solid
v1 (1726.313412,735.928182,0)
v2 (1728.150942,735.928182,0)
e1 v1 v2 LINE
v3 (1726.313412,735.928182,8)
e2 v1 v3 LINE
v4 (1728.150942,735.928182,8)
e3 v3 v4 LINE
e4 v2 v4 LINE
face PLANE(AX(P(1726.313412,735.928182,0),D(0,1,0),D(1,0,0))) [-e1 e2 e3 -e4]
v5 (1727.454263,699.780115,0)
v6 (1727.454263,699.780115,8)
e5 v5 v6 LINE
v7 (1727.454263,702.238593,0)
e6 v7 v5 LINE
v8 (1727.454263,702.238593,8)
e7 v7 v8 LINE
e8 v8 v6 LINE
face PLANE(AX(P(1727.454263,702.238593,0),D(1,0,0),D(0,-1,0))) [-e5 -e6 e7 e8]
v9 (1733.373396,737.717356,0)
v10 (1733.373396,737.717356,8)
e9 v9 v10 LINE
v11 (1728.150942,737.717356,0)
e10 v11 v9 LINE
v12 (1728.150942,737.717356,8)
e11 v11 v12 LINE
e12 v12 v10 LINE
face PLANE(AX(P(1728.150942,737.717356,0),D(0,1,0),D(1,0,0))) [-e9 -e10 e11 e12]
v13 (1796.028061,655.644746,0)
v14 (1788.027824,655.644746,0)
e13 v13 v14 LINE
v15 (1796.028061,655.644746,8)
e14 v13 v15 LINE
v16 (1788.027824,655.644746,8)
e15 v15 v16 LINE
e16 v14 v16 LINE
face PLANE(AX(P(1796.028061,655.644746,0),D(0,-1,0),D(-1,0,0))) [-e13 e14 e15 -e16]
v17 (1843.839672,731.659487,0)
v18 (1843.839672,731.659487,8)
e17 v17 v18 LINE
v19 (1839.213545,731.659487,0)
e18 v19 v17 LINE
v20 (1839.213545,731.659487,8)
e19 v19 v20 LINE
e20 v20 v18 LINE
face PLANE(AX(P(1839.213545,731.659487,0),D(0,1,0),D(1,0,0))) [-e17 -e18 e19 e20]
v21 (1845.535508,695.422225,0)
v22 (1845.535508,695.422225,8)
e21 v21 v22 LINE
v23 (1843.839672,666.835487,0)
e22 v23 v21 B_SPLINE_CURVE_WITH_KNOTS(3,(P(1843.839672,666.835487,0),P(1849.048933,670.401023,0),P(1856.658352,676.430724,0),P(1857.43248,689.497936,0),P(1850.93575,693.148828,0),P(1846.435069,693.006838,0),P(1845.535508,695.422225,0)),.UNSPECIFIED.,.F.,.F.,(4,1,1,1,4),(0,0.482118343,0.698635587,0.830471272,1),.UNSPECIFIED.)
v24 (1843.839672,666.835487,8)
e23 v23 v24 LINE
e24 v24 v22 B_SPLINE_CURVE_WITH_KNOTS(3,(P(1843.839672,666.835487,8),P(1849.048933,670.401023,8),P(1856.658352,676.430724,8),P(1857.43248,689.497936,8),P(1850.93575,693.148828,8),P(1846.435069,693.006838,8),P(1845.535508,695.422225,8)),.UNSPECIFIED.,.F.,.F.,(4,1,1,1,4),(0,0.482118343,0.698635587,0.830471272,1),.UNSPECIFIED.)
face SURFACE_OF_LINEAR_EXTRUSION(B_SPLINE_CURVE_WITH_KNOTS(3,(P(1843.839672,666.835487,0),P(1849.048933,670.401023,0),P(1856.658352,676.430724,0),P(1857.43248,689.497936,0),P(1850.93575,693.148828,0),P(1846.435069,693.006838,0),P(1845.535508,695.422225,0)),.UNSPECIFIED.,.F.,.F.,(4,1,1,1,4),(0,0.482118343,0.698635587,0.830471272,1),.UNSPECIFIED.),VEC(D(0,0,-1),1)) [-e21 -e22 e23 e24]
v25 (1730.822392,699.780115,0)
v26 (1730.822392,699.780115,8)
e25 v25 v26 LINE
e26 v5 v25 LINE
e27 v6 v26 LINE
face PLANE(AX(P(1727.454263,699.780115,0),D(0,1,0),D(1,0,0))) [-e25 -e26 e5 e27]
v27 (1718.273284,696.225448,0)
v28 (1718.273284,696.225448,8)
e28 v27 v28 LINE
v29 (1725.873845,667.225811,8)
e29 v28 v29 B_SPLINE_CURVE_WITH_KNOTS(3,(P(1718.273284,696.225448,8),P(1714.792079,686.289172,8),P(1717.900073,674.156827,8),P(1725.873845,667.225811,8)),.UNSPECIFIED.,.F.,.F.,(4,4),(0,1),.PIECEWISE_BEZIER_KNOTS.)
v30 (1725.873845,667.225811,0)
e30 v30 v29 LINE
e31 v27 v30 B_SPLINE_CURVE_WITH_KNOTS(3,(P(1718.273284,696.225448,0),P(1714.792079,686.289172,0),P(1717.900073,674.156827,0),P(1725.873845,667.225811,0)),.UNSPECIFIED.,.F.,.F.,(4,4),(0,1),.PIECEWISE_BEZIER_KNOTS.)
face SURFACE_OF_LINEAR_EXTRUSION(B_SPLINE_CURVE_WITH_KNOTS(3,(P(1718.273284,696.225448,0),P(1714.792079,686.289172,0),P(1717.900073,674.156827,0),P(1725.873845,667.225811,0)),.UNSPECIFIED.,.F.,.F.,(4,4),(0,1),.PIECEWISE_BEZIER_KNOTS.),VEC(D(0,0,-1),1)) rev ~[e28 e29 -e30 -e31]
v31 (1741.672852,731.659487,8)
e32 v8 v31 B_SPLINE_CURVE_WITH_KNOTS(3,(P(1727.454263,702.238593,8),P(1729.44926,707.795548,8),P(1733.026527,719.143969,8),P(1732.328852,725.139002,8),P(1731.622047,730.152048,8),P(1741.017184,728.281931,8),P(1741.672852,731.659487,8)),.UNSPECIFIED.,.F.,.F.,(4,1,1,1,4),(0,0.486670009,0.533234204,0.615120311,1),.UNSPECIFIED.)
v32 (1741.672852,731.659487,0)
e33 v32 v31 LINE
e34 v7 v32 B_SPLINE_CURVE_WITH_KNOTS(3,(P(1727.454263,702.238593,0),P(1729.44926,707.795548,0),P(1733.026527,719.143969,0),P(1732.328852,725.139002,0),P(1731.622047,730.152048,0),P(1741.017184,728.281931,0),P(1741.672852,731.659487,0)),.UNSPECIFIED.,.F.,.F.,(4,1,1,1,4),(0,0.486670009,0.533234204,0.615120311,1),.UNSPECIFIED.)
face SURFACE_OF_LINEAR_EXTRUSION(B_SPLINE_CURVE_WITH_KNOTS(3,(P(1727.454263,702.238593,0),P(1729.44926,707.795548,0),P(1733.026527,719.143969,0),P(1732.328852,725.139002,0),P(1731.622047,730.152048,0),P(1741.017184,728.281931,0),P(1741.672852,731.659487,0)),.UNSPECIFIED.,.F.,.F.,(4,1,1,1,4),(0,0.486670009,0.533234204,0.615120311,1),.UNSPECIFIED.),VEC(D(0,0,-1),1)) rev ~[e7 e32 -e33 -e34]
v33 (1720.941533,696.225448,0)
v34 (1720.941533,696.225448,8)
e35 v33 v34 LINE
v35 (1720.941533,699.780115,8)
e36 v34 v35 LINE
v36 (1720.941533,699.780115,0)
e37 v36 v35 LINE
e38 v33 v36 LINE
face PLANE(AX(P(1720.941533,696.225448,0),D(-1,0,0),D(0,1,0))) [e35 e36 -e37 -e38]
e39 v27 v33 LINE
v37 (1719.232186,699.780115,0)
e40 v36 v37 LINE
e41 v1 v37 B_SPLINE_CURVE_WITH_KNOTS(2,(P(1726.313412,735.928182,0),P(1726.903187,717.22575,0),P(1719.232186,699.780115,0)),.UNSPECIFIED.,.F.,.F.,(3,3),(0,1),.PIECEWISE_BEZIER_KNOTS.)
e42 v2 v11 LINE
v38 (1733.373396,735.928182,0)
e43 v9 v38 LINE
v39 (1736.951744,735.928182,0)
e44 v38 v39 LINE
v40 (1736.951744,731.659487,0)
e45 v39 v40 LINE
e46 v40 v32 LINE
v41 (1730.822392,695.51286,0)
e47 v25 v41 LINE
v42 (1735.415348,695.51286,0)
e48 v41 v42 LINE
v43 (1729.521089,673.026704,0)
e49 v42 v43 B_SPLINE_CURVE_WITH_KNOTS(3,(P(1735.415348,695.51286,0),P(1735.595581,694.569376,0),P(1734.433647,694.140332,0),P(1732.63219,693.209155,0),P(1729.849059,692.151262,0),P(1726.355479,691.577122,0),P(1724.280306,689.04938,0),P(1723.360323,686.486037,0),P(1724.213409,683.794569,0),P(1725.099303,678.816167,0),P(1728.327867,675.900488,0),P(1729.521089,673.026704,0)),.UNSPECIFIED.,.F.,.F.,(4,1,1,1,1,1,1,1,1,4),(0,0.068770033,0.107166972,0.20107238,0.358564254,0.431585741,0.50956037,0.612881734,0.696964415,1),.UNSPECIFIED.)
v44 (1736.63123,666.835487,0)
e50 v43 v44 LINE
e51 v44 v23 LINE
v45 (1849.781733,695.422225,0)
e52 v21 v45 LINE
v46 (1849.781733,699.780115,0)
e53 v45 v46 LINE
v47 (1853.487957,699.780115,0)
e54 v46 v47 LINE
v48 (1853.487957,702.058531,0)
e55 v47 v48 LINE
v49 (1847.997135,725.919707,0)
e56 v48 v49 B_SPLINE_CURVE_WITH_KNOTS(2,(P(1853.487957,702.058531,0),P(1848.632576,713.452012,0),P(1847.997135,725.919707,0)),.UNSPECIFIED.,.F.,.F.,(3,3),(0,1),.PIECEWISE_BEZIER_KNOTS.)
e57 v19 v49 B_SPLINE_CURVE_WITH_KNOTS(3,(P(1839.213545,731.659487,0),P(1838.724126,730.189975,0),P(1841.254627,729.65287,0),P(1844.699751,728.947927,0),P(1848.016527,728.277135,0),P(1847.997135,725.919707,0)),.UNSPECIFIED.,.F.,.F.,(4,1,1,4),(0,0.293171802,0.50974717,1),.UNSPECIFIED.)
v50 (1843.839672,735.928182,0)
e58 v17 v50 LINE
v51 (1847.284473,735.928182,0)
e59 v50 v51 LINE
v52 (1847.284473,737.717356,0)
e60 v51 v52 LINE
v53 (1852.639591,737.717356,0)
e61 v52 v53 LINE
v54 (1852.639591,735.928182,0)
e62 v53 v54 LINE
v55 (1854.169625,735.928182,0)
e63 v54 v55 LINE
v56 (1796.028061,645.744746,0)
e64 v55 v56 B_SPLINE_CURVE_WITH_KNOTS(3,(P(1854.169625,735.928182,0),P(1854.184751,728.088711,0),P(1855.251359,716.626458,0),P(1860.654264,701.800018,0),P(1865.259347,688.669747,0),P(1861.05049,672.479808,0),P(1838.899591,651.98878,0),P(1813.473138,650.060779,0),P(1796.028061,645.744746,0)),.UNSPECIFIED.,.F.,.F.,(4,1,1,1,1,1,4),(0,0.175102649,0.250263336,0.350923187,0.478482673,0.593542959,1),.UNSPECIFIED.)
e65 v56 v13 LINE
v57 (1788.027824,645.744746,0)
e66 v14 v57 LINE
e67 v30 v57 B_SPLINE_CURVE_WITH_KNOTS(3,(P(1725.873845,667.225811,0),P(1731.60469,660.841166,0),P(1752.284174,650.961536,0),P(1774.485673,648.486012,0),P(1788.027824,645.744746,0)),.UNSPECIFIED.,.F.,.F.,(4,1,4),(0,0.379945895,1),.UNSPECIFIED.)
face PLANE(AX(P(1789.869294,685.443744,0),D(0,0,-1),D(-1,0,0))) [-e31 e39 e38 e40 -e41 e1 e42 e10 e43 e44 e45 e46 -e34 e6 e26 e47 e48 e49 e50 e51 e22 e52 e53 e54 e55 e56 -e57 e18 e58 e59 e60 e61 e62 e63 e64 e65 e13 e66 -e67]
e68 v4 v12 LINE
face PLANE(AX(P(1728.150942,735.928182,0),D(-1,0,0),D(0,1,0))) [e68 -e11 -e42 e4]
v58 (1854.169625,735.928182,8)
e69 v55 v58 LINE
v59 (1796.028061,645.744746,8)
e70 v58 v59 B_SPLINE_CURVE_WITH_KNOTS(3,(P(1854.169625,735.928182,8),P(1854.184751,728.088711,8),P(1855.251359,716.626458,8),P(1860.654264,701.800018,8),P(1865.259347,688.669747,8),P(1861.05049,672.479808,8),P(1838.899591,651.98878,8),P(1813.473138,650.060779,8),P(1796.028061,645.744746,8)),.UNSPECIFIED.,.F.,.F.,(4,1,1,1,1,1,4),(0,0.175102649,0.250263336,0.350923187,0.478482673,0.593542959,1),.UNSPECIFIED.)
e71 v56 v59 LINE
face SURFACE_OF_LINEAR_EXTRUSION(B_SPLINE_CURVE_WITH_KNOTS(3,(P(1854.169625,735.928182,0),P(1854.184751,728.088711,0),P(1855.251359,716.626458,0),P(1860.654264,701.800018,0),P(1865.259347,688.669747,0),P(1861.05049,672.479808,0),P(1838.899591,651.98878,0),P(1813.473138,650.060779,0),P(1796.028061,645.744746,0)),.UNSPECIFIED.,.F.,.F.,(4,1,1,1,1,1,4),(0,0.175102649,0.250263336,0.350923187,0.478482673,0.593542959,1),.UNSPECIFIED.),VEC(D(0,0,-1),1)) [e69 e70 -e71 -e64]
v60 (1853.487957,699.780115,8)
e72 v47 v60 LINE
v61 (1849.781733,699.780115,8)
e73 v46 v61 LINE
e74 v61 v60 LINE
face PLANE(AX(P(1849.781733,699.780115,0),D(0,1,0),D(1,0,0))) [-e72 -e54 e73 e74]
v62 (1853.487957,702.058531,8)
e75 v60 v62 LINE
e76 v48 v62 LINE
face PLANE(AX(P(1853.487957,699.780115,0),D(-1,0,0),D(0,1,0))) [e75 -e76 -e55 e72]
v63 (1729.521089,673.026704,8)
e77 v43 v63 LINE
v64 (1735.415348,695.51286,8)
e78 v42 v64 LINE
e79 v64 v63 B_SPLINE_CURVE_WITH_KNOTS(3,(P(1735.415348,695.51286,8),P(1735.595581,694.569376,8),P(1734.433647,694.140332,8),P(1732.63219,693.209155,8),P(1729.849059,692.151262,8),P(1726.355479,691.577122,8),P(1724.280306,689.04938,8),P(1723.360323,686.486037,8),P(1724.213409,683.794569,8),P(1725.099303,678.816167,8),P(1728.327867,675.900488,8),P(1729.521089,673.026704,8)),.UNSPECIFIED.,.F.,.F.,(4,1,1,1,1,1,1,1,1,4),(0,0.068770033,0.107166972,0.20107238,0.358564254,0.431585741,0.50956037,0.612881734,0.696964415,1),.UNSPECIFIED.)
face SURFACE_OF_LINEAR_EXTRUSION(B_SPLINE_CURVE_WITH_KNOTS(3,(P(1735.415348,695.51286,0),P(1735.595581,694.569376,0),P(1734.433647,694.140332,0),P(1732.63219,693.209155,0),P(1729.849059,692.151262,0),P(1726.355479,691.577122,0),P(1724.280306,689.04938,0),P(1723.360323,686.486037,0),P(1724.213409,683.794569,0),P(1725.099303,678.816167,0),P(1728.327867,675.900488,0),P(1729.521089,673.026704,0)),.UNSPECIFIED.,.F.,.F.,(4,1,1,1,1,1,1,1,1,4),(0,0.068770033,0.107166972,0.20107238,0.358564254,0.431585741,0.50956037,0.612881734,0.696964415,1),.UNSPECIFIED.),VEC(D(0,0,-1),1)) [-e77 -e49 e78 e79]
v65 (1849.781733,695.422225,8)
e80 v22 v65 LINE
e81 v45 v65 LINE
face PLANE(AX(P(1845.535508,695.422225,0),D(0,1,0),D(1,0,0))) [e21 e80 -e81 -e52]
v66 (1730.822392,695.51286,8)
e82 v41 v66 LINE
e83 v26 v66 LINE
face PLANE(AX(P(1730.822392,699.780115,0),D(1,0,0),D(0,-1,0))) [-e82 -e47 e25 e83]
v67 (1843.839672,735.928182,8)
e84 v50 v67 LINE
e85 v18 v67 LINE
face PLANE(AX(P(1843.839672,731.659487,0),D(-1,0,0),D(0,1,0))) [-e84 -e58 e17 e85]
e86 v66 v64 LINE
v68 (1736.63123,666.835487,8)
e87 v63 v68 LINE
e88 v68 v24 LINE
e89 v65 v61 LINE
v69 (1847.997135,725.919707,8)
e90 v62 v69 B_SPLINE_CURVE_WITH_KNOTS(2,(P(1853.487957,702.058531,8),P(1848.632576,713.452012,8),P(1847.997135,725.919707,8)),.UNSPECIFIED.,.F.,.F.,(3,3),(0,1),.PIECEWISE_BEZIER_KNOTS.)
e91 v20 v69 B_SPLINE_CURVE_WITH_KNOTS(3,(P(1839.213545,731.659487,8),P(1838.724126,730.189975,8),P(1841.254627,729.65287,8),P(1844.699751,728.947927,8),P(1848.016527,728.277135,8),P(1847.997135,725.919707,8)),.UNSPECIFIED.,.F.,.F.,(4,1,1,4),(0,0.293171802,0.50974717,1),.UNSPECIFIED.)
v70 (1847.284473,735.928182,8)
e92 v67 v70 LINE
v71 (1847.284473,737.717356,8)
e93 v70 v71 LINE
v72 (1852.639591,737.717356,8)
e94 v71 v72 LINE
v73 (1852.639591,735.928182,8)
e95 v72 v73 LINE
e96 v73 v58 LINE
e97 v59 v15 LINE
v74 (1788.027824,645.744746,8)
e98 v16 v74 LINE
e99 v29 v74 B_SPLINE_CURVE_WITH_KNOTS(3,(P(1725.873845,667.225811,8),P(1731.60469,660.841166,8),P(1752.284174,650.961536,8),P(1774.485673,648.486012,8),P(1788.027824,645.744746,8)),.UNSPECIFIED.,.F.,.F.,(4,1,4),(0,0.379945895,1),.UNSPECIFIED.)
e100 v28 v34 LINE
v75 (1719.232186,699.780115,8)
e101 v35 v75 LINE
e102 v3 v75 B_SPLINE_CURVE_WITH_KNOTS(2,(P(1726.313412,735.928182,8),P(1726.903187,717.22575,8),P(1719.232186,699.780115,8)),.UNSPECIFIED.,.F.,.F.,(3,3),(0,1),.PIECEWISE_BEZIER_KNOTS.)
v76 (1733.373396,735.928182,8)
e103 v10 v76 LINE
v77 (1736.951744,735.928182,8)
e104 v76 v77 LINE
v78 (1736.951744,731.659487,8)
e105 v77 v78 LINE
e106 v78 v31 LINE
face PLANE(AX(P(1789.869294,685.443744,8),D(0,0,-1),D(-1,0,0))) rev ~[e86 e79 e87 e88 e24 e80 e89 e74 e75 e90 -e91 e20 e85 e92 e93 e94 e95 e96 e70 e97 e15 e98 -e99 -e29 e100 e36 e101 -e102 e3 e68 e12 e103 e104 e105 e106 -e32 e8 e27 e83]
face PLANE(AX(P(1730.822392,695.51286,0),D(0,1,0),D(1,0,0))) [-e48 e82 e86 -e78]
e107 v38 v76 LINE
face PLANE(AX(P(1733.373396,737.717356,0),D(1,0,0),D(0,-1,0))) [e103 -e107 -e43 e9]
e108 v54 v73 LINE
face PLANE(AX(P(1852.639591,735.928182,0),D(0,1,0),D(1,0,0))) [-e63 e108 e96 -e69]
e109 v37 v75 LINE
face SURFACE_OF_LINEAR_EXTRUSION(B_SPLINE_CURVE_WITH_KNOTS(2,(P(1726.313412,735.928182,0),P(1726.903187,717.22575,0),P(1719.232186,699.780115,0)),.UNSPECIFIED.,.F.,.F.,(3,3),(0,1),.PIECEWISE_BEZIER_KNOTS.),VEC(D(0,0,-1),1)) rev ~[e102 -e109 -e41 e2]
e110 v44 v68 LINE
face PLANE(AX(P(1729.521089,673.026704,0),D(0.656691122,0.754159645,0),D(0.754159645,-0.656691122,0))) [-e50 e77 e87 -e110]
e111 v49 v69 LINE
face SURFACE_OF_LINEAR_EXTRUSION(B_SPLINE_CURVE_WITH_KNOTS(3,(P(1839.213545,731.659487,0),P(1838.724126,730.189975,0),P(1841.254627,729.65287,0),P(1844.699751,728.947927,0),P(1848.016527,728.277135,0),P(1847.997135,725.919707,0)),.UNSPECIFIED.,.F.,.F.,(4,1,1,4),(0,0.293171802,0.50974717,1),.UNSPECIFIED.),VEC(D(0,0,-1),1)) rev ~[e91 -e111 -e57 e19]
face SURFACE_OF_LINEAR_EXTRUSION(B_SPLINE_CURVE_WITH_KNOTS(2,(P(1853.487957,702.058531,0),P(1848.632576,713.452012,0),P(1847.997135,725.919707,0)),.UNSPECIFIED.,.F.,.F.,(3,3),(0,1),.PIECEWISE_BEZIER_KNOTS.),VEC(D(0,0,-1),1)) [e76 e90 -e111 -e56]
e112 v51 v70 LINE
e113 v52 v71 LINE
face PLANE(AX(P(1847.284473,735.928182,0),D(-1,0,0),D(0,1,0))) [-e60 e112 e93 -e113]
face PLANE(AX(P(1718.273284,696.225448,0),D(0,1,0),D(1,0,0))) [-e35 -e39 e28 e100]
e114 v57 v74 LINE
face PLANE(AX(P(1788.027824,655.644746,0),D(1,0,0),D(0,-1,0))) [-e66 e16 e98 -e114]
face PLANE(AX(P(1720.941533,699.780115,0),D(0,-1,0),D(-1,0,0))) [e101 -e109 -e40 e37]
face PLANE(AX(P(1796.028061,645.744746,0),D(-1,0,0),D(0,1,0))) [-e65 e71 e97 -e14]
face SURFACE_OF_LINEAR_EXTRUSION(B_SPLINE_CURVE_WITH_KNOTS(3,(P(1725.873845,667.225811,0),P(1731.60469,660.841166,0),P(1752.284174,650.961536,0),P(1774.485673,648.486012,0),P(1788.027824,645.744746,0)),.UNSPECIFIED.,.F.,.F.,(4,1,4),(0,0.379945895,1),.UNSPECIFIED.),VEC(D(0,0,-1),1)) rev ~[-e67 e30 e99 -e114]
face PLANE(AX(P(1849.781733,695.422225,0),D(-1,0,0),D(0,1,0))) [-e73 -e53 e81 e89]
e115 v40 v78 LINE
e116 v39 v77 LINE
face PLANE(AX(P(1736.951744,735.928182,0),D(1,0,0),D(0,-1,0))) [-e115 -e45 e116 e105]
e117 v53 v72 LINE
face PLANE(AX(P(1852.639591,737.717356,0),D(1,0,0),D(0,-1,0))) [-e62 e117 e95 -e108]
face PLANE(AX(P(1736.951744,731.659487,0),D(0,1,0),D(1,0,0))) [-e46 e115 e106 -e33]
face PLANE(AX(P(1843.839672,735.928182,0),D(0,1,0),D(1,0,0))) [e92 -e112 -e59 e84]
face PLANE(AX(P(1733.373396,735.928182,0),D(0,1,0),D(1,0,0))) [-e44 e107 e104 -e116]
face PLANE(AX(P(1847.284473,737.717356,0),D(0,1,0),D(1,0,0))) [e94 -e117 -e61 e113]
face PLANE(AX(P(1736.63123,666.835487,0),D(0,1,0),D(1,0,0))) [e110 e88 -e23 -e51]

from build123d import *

# Parameters (mm, degrees)
EXTRUDE_1_DEPTH = 8


with BuildPart() as part:
    # 草图1 → 凸台-拉伸1 (new body)
    with BuildSketch(Plane.XY):
        with BuildLine():
            Line((1736.631230142, 666.835487009), (1843.839672203, 666.835487009))
            add(Edge.make_bspline(
                [(1843.839672203, 666.835487009), (1849.048933079, 670.401023189), (1856.658351579, 676.430723923), (1857.432479693, 689.497936137), (1850.935749798, 693.148827691), (1846.435069185, 693.006837672), (1845.535507871, 695.422224725)],
                knots=[0, 0, 0, 0, 0.482118343, 0.698635587, 0.830471272, 1, 1, 1, 1], degree=3))
            Line((1845.535507871, 695.422224725), (1849.781732968, 695.422224725))
            Line((1849.781732968, 695.422224725), (1849.781732968, 699.78011457))
            Line((1849.781732968, 699.78011457), (1853.487957014, 699.78011457))
            Line((1853.487957014, 699.78011457), (1853.487957014, 702.058530991))
            add(Edge.make_bspline(
                [(1853.487957014, 702.058530991), (1848.632575503, 713.452012152), (1847.997134595, 725.919707363)],
                knots=[0, 0, 0, 1, 1, 1], degree=2))
            add(Edge.make_bspline(
                [(1839.213544794, 731.659486678), (1838.724126411, 730.189974813), (1841.254627091, 729.652870368), (1844.699750935, 728.947927357), (1848.016526713, 728.277135284), (1847.997134595, 725.919707363)],
                knots=[0, 0, 0, 0, 0.293171802, 0.50974717, 1, 1, 1, 1], degree=3))
            Line((1839.213544794, 731.659486678), (1843.839672203, 731.659486678))
            Line((1843.839672203, 731.659486678), (1843.839672203, 735.928181623))
            Line((1843.839672203, 735.928181623), (1847.284472905, 735.928181623))
            Line((1847.284472905, 735.928181623), (1847.284472905, 737.717355689))
            Line((1847.284472905, 737.717355689), (1852.639591083, 737.717355689))
            Line((1852.639591083, 737.717355689), (1852.639591083, 735.928181623))
            Line((1852.639591083, 735.928181623), (1854.169624848, 735.928181623))
            add(Edge.make_bspline(
                [(1854.169624848, 735.928181623), (1854.184750531, 728.08871062), (1855.251359205, 716.626457615), (1860.654263864, 701.800018069), (1865.259346512, 688.66974675), (1861.050490469, 672.479807915), (1838.899590966, 651.988779605), (1813.473138043, 650.060778678), (1796.028061186, 645.744745728)],
                knots=[0, 0, 0, 0, 0.175102649, 0.250263336, 0.350923187, 0.478482673, 0.593542959, 1, 1, 1, 1], degree=3))
            Line((1796.028061186, 645.744745728), (1796.028061186, 655.644745728))
            Line((1796.028061186, 655.644745728), (1788.027824374, 655.644745728))
            Line((1788.027824374, 655.644745728), (1788.027824374, 645.744745728))
            add(Edge.make_bspline(
                [(1725.873845255, 667.225811474), (1731.604689548, 660.841165814), (1752.2841737, 650.961536096), (1774.485672575, 648.486012245), (1788.027824374, 645.744745728)],
                knots=[0, 0, 0, 0, 0.379945895, 1, 1, 1, 1], degree=3))
            add(Edge.make_bspline(
                [(1718.273283511, 696.225448414), (1714.79207945, 686.289172356), (1717.90007318, 674.15682682), (1725.873845255, 667.225811474)],
                knots=[0, 0, 0, 0, 1, 1, 1, 1], degree=3))
            Line((1718.273283511, 696.225448414), (1720.941532576, 696.225448414))
            Line((1720.941532576, 696.225448414), (1720.941532576, 699.78011457))
            Line((1720.941532576, 699.78011457), (1719.232185519, 699.78011457))
            add(Edge.make_bspline(
                [(1726.313411794, 735.928181623), (1726.903187357, 717.225749991), (1719.232185519, 699.78011457)],
                knots=[0, 0, 0, 1, 1, 1], degree=2))
            Line((1726.313411794, 735.928181623), (1728.150941915, 735.928181623))
            Line((1728.150941915, 735.928181623), (1728.150941915, 737.717355689))
            Line((1728.150941915, 737.717355689), (1733.373395943, 737.717355689))
            Line((1733.373395943, 737.717355689), (1733.373395943, 735.928181623))
            Line((1733.373395943, 735.928181623), (1736.951744074, 735.928181623))
            Line((1736.951744074, 735.928181623), (1736.951744074, 731.659486678))
            Line((1736.951744074, 731.659486678), (1741.672851851, 731.659486678))
            add(Edge.make_bspline(
                [(1727.454262635, 702.238593182), (1729.449259744, 707.795547847), (1733.026527348, 719.143968784), (1732.328852077, 725.139001902), (1731.622046596, 730.152048234), (1741.017183857, 728.281931394), (1741.672851851, 731.659486678)],
                knots=[0, 0, 0, 0, 0.486670009, 0.533234204, 0.615120311, 1, 1, 1, 1], degree=3))
            Line((1727.454262635, 702.238593182), (1727.454262635, 699.78011457))
            Line((1727.454262635, 699.78011457), (1730.822392388, 699.78011457))
            Line((1730.822392388, 699.78011457), (1730.822392388, 695.512859548))
            Line((1730.822392388, 695.512859548), (1735.415347768, 695.512859548))
            add(Edge.make_bspline(
                [(1735.415347768, 695.512859548), (1735.595580626, 694.569376065), (1734.433647206, 694.140332046), (1732.632189929, 693.209154562), (1729.849058882, 692.151261696), (1726.355479126, 691.577122461), (1724.280306312, 689.04937985), (1723.360323254, 686.486036576), (1724.213408653, 683.794569359), (1725.09930324, 678.816166654), (1728.327866867, 675.900488276), (1729.521089433, 673.026704357)],
                knots=[0, 0, 0, 0, 0.068770033, 0.107166972, 0.20107238, 0.358564254, 0.431585741, 0.50956037, 0.612881734, 0.696964415, 1, 1, 1, 1], degree=3))
            Line((1729.521089433, 673.026704357), (1736.631230142, 666.835487009))
        make_face()
    extrude(amount=EXTRUDE_1_DEPTH)


solid = part.part
